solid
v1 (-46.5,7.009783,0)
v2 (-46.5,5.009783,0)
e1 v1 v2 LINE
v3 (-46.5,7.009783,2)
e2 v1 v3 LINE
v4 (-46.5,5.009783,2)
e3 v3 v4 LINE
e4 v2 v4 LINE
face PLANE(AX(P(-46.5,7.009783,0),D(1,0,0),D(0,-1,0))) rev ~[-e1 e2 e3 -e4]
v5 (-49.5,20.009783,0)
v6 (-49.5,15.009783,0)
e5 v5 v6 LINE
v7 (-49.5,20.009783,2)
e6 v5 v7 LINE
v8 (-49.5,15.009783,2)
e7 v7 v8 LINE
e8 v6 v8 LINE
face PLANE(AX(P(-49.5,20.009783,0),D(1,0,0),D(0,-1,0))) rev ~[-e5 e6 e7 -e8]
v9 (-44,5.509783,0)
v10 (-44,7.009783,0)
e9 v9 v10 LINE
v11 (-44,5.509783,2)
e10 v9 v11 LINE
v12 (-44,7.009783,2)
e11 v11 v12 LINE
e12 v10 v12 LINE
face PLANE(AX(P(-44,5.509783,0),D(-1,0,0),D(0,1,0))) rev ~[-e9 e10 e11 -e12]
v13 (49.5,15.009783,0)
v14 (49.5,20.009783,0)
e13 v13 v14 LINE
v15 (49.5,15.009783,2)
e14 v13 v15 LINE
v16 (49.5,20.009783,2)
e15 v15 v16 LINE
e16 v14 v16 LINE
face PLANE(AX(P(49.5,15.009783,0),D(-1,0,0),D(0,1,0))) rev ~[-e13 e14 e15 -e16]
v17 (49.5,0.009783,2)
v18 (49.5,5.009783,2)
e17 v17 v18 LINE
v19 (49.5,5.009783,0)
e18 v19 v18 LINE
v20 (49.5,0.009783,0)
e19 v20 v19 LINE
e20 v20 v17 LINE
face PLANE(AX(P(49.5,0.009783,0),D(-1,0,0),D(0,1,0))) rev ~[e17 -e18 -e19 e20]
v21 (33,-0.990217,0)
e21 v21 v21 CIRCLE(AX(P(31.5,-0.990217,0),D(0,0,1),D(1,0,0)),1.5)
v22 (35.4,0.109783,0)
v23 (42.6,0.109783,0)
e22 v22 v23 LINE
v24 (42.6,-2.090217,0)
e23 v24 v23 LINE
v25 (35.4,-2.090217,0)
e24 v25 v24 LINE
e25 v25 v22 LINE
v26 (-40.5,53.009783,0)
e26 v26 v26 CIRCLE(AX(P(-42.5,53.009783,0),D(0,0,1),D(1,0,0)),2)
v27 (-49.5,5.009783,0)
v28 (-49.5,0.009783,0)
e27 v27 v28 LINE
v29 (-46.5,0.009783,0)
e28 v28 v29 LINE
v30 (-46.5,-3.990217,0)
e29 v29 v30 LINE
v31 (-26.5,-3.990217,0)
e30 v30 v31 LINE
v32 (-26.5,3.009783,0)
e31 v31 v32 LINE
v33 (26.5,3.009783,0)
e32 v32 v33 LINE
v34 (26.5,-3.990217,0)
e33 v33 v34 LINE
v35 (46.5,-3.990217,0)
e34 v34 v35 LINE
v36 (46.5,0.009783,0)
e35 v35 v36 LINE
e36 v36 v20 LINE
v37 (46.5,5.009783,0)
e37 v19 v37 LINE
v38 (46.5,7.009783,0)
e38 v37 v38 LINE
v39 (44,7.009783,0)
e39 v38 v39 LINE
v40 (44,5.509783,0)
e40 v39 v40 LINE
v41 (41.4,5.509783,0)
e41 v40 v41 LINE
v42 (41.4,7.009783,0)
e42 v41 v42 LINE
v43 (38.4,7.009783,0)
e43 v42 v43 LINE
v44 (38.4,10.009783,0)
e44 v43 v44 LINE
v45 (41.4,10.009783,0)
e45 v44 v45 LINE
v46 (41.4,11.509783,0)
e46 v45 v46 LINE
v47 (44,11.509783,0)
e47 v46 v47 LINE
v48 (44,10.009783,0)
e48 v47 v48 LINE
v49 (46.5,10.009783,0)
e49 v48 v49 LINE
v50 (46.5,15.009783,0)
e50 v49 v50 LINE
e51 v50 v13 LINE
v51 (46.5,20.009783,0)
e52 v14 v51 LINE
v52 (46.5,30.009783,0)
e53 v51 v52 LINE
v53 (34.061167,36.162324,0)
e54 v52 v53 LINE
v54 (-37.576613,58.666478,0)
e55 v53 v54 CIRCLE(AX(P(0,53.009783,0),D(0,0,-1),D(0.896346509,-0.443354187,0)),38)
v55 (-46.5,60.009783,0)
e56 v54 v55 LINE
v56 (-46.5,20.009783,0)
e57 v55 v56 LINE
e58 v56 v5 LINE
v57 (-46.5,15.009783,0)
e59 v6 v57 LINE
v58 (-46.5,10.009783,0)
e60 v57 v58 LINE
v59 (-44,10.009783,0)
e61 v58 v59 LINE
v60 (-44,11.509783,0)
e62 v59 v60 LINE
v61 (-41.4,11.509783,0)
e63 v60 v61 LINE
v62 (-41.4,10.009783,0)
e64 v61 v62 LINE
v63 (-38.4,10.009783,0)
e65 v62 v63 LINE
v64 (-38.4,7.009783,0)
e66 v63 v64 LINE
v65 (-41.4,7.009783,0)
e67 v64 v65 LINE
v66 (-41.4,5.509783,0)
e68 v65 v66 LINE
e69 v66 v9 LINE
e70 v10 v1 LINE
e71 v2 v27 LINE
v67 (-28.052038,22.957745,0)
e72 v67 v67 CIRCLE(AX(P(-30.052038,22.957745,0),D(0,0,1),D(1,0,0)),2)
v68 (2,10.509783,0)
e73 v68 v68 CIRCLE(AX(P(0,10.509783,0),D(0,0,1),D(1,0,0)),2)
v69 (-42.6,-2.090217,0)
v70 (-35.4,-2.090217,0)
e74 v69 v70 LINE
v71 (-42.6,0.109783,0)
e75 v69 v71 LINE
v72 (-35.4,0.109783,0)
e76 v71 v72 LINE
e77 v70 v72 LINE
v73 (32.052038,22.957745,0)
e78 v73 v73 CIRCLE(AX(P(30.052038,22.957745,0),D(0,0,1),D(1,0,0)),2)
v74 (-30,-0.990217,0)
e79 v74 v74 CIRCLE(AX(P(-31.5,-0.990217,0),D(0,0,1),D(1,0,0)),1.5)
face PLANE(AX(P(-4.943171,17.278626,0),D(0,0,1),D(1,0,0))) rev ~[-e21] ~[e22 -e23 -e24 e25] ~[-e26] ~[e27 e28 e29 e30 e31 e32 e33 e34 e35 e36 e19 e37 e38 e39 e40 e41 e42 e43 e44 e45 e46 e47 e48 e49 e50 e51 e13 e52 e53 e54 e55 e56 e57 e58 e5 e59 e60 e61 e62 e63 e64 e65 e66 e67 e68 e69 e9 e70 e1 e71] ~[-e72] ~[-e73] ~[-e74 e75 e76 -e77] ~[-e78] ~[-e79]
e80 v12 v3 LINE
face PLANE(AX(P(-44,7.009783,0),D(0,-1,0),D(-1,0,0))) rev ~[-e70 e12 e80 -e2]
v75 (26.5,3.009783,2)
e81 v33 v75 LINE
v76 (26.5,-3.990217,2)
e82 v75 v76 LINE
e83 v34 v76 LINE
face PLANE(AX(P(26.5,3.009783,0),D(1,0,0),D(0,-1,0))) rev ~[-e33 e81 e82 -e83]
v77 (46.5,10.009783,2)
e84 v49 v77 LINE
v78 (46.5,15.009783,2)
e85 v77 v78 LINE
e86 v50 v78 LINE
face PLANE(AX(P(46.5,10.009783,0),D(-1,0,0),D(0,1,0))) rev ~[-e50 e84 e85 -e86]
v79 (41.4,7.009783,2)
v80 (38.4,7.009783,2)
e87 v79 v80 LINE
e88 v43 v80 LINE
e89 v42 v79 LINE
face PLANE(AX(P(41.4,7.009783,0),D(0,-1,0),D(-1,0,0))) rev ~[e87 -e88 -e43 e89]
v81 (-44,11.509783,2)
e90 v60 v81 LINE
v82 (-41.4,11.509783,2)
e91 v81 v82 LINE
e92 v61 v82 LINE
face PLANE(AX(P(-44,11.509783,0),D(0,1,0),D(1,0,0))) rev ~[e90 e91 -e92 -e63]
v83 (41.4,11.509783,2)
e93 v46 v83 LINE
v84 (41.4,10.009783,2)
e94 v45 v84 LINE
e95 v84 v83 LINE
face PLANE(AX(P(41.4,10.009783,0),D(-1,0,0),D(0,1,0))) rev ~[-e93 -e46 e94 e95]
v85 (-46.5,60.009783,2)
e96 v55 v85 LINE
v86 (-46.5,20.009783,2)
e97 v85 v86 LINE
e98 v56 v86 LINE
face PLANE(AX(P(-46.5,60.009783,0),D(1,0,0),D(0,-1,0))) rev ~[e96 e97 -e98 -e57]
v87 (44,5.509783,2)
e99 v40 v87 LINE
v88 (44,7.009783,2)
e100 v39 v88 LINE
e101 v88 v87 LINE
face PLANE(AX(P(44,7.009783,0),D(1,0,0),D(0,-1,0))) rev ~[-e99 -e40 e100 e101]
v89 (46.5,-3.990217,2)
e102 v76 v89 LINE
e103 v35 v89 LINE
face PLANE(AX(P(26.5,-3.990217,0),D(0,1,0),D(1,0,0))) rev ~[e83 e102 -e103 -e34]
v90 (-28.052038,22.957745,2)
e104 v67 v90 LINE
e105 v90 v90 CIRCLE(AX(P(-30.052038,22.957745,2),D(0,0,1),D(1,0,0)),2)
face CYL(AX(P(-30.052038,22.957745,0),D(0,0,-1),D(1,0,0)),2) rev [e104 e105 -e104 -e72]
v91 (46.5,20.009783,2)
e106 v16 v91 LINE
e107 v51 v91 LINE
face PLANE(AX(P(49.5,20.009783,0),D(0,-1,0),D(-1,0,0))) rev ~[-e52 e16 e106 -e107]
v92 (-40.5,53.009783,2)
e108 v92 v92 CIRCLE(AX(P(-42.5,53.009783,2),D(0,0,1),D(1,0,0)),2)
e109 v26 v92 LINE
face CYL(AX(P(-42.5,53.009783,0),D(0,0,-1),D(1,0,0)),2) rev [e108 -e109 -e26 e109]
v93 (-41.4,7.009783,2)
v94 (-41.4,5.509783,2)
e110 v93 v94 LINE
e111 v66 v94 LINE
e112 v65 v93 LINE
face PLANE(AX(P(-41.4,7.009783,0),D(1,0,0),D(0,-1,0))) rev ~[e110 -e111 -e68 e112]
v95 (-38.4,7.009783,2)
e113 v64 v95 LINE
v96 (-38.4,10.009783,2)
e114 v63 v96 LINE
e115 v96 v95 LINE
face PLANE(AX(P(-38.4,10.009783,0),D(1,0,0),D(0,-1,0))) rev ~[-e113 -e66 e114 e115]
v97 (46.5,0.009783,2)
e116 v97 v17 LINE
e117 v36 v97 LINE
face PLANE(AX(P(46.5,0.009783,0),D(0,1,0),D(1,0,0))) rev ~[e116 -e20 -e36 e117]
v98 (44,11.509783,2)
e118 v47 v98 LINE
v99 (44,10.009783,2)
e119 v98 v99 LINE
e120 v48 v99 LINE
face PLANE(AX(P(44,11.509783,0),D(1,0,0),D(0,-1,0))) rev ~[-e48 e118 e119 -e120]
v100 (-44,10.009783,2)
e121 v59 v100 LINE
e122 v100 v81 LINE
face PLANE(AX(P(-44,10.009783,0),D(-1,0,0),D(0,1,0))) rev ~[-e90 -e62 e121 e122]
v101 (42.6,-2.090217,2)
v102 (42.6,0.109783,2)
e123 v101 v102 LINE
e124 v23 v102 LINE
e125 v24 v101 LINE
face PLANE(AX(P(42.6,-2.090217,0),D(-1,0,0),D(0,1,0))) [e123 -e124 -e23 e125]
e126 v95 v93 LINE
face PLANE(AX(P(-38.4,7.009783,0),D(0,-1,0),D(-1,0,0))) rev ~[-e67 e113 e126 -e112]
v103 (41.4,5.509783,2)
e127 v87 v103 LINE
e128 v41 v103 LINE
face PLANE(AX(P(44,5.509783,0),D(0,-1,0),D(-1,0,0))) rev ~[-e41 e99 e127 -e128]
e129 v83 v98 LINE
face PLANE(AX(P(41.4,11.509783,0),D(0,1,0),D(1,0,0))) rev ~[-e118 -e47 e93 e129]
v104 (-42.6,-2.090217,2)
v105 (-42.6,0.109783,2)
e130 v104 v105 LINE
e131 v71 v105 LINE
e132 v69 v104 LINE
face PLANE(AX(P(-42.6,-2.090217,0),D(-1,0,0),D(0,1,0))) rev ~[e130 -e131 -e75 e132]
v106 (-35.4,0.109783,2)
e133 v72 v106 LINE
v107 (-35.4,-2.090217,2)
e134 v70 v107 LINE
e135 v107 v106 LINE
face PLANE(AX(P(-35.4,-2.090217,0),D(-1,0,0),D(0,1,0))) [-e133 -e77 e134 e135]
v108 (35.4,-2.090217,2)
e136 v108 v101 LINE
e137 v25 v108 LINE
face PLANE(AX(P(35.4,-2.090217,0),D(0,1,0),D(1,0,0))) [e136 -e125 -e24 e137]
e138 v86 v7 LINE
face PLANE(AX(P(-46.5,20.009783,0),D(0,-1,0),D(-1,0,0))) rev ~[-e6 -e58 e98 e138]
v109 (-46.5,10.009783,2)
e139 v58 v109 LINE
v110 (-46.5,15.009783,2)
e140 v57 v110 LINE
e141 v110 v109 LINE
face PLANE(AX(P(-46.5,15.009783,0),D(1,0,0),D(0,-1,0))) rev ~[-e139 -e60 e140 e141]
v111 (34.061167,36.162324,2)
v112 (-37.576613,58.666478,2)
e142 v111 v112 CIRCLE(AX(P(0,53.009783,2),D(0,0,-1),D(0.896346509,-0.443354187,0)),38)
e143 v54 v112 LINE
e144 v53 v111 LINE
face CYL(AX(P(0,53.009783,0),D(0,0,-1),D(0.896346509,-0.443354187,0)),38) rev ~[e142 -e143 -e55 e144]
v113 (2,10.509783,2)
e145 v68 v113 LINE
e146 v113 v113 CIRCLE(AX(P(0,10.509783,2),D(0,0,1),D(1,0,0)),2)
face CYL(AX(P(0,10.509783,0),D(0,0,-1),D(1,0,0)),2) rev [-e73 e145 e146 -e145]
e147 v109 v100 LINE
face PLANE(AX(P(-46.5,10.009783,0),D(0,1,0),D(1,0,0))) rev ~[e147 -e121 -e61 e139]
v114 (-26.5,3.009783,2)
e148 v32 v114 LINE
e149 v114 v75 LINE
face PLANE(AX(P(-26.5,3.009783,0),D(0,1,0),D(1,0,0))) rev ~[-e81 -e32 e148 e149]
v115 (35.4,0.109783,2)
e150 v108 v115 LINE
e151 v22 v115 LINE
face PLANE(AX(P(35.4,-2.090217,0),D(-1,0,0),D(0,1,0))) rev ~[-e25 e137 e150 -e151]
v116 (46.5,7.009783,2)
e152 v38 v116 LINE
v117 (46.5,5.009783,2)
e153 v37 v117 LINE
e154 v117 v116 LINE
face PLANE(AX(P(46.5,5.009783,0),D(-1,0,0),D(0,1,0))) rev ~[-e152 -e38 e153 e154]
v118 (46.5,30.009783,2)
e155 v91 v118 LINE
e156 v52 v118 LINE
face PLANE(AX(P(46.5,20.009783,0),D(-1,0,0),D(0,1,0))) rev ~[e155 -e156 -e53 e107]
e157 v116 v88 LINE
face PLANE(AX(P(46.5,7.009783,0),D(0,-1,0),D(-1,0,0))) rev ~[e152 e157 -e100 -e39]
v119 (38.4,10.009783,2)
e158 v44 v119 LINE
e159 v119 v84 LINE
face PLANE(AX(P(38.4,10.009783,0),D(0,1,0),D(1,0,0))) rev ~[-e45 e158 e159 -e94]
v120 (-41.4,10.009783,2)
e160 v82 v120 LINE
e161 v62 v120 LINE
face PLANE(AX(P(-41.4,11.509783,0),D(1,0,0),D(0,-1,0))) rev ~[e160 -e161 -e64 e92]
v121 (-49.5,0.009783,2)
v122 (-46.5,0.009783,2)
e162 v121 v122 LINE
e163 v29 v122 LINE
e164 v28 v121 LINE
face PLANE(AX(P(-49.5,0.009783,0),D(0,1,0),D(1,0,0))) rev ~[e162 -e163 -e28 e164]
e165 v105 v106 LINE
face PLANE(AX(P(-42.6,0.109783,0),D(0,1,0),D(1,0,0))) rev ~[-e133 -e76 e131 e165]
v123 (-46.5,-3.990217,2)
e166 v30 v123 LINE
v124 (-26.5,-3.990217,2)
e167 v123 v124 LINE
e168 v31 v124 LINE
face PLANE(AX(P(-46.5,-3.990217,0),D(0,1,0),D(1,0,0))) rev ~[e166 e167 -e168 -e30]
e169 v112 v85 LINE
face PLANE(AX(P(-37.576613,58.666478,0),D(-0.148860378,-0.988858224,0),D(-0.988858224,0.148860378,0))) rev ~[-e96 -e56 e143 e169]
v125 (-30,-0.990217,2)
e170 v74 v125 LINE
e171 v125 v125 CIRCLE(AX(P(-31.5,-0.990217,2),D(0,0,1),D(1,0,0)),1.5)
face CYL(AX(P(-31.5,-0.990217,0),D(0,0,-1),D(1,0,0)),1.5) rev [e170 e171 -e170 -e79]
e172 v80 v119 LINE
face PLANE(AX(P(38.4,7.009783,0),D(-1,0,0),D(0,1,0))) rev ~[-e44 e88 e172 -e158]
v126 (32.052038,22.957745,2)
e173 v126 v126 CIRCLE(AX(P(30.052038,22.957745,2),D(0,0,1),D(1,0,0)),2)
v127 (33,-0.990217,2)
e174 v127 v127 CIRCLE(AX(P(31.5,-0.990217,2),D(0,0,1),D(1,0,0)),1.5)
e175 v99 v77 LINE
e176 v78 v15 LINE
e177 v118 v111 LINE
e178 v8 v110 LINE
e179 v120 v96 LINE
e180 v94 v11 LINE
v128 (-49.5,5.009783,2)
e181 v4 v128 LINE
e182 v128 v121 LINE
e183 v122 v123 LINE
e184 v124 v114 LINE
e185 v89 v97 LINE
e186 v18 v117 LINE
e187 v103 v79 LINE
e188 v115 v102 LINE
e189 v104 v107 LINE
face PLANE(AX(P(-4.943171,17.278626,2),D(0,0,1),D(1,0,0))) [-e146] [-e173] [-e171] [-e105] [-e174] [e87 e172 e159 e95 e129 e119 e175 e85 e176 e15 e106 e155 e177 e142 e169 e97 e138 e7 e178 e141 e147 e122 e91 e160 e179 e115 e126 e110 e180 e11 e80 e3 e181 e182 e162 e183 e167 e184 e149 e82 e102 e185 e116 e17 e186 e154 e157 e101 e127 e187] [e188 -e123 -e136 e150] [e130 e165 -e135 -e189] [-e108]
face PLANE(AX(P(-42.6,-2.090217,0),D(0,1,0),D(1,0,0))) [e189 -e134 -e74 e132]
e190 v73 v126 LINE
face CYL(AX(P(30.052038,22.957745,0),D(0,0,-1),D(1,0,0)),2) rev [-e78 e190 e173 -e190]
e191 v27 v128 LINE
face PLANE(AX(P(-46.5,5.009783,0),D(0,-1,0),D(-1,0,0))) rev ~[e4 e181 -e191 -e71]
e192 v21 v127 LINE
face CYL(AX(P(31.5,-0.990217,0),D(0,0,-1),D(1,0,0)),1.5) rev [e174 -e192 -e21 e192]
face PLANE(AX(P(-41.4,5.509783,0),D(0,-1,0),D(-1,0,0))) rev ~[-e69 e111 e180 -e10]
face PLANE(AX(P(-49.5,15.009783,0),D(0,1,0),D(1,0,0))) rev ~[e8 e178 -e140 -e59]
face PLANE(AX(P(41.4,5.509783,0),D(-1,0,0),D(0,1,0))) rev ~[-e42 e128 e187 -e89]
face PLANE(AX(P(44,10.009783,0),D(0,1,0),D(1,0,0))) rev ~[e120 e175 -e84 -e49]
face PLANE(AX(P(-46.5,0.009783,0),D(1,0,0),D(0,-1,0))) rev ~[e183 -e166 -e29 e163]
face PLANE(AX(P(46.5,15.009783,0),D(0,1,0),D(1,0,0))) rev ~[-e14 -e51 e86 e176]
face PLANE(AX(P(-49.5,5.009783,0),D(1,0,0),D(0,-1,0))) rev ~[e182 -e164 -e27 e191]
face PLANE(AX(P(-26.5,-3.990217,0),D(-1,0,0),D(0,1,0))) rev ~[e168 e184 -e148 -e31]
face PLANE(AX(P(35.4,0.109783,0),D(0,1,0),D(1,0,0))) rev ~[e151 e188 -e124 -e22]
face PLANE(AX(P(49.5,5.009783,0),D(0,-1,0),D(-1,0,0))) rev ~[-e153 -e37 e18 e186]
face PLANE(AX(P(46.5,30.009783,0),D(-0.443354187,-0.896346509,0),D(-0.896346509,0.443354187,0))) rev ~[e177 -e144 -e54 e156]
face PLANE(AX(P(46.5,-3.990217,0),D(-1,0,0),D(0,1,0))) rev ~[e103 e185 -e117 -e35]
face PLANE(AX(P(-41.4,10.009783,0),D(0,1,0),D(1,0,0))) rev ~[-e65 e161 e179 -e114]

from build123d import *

# Parameters (mm, degrees)
SKETCH_3_R      = 1.5
SKETCH_3_R_2    = 2
SKETCH_3_W      = 7.2
SKETCH_3_H      = 2.2
EXTRUDE_1_DEPTH = 2


with BuildPart() as part:
    # 草图3 → 凸台-拉伸1 (new body)
    with BuildSketch(Plane.XY):
        with BuildLine():
            Line((-46.5, 0.009783315), (-46.5, -3.990216685))
            Line((-46.5, -3.990216685), (-26.5, -3.990216685))
            Line((-26.5, -3.990216685), (-26.5, 3.009783315))
            Line((-26.5, 3.009783315), (26.5, 3.009783315))
            Line((26.5, 3.009783315), (26.5, -3.990216685))
            Line((26.5, -3.990216685), (46.5, -3.990216685))
            Line((46.5, -3.990216685), (46.5, 0.009783315))
            Line((46.5, 0.009783315), (49.5, 0.009783315))
            Line((49.5, 0.009783315), (49.5, 5.009783315))
            Line((49.5, 5.009783315), (46.5, 5.009783315))
            Line((46.5, 5.009783315), (46.5, 7.009783315))
            Line((46.5, 7.009783315), (44, 7.009783315))
            Line((44, 7.009783315), (44, 5.509783315))
            Line((44, 5.509783315), (41.4, 5.509783315))
            Line((41.4, 5.509783315), (41.4, 7.009783315))
            Line((41.4, 7.009783315), (38.4, 7.009783315))
            Line((38.4, 7.009783315), (38.4, 10.009783315))
            Line((38.4, 10.009783315), (41.4, 10.009783315))
            Line((41.4, 10.009783315), (41.4, 11.509783315))
            Line((41.4, 11.509783315), (44, 11.509783315))
            Line((44, 11.509783315), (44, 10.009783315))
            Line((44, 10.009783315), (46.5, 10.009783315))
            Line((46.5, 10.009783315), (46.5, 15.009783315))
            Line((46.5, 15.009783315), (49.5, 15.009783315))
            Line((49.5, 15.009783315), (49.5, 20.009783315))
            Line((49.5, 20.009783315), (46.5, 20.009783315))
            Line((46.5, 20.009783315), (46.5, 30.009783315))
            Line((46.5, 30.009783315), (34.06116735, 36.162324196))
            ThreePointArc((34.06116735, 36.162324196), (-11.38853896, 16.756491321), (-37.576612526, 58.666477673))
            Line((-37.576612526, 58.666477673), (-46.5, 60.009783315))
            Line((-46.5, 60.009783315), (-46.5, 20.009783315))
            Line((-46.5, 20.009783315), (-49.5, 20.009783315))
            Line((-49.5, 20.009783315), (-49.5, 15.009783315))
            Line((-49.5, 15.009783315), (-46.5, 15.009783315))
            Line((-46.5, 15.009783315), (-46.5, 10.009783315))
            Line((-46.5, 10.009783315), (-44, 10.009783315))
            Line((-44, 10.009783315), (-44, 11.509783315))
            Line((-44, 11.509783315), (-41.4, 11.509783315))
            Line((-41.4, 11.509783315), (-41.4, 10.009783315))
            Line((-41.4, 10.009783315), (-38.4, 10.009783315))
            Line((-38.4, 10.009783315), (-38.4, 7.009783315))
            Line((-38.4, 7.009783315), (-41.4, 7.009783315))
            Line((-41.4, 7.009783315), (-41.4, 5.509783315))
            Line((-41.4, 5.509783315), (-44, 5.509783315))
            Line((-44, 5.509783315), (-44, 7.009783315))
            Line((-44, 7.009783315), (-46.5, 7.009783315))
            Line((-46.5, 7.009783315), (-46.5, 5.009783315))
            Line((-46.5, 5.009783315), (-49.5, 5.009783315))
            Line((-49.5, 5.009783315), (-49.5, 0.009783315))
            Line((-49.5, 0.009783315), (-46.5, 0.009783315))
        make_face()
        with Locations((-31.5, -0.990216685)):
            Circle(SKETCH_3_R, mode=Mode.SUBTRACT)
        with Locations((31.5, -0.990216685)):
            Circle(SKETCH_3_R, mode=Mode.SUBTRACT)
        with Locations((0, 10.509783315)):
            Circle(SKETCH_3_R_2, mode=Mode.SUBTRACT)
        with Locations((-30.0520382, 22.957745114)):
            Circle(SKETCH_3_R_2, mode=Mode.SUBTRACT)
        with Locations((-42.5, 53.009783315)):
            Circle(SKETCH_3_R_2, mode=Mode.SUBTRACT)
        with Locations((30.0520382, 22.957745114)):
            Circle(SKETCH_3_R_2, mode=Mode.SUBTRACT)
        with Locations((-39, -0.990216685)):
            Rectangle(SKETCH_3_W, SKETCH_3_H, mode=Mode.SUBTRACT)
        with Locations((39, -0.990216685)):
            Rectangle(SKETCH_3_W, SKETCH_3_H, mode=Mode.SUBTRACT)
    extrude(amount=EXTRUDE_1_DEPTH)


solid = part.part
